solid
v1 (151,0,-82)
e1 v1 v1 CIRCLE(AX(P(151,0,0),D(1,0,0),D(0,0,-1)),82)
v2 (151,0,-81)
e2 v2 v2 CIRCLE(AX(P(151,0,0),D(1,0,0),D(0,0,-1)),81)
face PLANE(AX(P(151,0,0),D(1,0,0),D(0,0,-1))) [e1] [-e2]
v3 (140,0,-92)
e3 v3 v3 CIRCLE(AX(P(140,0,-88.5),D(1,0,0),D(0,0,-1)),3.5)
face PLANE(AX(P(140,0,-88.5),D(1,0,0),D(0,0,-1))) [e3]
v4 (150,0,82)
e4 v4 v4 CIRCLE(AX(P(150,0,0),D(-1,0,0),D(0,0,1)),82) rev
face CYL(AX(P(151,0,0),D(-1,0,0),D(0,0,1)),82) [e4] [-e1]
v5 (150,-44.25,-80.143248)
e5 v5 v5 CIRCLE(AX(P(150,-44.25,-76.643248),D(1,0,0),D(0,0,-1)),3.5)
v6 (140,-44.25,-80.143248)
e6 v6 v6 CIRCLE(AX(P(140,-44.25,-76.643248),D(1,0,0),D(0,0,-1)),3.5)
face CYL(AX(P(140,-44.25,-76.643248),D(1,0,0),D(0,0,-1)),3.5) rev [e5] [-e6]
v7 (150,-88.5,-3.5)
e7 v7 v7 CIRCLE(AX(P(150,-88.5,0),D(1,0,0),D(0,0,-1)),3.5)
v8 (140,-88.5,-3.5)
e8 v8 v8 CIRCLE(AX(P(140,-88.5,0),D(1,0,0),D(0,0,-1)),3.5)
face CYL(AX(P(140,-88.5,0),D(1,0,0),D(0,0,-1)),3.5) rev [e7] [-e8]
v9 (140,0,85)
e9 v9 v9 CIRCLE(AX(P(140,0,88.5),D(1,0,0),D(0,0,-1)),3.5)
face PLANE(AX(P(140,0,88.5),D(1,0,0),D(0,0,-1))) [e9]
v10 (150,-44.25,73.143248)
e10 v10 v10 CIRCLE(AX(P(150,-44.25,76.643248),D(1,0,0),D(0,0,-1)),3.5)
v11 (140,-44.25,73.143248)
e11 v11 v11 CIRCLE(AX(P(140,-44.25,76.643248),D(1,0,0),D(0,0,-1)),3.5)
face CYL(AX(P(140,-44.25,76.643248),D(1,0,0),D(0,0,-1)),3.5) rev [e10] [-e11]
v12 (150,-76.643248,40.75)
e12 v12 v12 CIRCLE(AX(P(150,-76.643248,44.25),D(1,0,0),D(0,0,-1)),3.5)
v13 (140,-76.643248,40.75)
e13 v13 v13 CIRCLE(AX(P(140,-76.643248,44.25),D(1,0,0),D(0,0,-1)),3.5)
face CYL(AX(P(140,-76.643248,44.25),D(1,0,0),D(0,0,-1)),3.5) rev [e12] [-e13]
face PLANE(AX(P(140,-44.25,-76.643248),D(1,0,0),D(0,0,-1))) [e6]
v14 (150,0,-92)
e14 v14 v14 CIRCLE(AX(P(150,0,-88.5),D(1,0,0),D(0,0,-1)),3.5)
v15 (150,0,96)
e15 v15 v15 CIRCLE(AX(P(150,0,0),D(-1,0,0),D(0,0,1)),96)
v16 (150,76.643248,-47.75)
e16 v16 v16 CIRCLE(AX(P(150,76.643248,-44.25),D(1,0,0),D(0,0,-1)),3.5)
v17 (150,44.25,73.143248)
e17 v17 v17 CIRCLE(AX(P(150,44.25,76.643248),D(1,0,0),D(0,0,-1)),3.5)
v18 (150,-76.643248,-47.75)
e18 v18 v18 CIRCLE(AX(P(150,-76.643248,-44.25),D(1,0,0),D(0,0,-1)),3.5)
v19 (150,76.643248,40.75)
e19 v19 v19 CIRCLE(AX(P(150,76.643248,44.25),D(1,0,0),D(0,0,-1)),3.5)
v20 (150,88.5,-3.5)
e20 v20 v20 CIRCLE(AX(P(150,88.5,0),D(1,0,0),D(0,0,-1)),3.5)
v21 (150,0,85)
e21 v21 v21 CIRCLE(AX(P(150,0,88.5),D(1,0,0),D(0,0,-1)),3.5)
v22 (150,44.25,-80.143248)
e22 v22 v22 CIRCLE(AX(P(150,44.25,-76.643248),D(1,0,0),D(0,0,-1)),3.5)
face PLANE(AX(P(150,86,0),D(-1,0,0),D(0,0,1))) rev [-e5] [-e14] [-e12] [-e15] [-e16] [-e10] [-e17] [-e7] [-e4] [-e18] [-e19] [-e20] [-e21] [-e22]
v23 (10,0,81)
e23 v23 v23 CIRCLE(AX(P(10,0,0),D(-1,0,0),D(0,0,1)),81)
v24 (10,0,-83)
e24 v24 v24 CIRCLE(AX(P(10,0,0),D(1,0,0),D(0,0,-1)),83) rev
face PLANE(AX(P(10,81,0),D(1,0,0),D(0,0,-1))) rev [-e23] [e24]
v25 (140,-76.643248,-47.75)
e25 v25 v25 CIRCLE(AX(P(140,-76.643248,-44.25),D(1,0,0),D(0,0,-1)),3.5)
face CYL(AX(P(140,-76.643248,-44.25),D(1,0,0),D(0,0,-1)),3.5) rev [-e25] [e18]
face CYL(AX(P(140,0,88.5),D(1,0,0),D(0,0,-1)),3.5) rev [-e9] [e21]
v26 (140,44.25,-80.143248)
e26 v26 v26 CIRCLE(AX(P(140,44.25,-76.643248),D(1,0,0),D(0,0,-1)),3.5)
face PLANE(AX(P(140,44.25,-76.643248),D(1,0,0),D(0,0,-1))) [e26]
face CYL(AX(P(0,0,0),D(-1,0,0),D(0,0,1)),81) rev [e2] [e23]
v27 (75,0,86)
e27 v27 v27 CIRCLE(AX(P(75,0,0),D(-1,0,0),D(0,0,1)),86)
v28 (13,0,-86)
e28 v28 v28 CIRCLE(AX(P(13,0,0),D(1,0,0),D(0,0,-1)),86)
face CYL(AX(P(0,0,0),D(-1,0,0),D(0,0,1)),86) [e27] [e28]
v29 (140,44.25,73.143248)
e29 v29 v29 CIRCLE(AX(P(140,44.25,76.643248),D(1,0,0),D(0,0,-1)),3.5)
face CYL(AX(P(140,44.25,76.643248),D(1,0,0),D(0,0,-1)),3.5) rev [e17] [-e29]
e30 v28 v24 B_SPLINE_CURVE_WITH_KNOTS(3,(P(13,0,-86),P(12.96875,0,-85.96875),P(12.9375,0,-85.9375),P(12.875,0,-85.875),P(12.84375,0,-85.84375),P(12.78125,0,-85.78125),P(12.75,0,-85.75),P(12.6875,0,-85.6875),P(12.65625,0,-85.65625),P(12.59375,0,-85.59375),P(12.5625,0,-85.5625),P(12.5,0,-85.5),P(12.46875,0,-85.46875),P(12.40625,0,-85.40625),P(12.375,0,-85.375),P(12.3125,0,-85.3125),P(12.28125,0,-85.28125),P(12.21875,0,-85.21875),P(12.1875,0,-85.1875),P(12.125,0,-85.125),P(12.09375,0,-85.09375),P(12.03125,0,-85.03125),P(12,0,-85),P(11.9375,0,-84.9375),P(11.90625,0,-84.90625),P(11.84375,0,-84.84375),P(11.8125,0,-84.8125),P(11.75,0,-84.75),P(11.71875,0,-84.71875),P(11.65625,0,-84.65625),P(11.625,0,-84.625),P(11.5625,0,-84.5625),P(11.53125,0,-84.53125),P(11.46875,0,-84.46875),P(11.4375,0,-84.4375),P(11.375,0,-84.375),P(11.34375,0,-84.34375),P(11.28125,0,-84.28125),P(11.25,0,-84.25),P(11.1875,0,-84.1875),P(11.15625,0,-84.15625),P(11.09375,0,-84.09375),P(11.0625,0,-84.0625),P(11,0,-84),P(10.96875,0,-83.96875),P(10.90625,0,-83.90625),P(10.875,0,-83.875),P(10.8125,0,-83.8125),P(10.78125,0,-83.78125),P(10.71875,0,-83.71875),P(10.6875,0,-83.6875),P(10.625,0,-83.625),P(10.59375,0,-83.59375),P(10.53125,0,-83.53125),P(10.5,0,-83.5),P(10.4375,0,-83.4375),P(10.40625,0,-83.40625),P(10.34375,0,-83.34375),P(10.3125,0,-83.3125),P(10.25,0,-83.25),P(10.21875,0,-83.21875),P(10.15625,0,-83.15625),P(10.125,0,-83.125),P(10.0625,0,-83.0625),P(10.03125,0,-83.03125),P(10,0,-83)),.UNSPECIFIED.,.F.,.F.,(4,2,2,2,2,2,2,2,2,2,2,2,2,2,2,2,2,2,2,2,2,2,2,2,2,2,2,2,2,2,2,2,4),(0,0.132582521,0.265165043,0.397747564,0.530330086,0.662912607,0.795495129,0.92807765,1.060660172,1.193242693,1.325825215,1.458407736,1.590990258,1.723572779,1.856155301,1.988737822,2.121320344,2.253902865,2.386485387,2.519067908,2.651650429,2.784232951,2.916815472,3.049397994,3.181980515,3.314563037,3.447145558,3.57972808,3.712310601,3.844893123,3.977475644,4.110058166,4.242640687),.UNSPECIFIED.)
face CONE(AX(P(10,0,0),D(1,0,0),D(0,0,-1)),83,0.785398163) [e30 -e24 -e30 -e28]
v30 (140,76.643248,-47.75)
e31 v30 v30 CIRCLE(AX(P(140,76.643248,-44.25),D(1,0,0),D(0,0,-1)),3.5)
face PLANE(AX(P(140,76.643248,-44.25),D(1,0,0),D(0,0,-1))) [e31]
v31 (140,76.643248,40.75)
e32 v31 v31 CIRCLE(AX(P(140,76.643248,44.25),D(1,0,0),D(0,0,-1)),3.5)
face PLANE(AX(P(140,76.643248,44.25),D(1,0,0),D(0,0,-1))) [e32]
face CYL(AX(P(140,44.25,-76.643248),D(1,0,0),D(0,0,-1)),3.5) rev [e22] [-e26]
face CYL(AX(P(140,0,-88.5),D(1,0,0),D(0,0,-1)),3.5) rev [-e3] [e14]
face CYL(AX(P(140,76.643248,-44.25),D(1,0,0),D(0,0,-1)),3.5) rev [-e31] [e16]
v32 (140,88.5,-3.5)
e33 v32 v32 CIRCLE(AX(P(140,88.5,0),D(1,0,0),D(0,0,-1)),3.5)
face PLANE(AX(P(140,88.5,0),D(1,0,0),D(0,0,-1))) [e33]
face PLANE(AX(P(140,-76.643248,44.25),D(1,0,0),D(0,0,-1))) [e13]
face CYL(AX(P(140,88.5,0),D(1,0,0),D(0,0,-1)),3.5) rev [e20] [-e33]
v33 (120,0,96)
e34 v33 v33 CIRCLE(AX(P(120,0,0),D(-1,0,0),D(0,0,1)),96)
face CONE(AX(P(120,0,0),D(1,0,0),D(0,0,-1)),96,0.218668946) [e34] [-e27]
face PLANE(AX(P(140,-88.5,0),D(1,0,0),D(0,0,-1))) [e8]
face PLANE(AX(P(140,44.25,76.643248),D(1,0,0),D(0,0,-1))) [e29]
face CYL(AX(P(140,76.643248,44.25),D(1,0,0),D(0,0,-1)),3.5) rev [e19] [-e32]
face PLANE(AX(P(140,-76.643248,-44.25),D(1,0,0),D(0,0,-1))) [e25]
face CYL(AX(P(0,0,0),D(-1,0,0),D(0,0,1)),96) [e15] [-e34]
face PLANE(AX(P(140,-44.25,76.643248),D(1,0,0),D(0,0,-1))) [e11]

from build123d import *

# Parameters (mm, degrees)
CHAMFER_2_SIZE      = 3
SKETCH_4_R          = 3.5
CUT_EXTRUDE_1_DEPTH = 10
SKETCH_5_R          = 82
SKETCH_5_R_2        = 81
EXTRUDE_1_DEPTH     = 1


with BuildPart() as part:
    # 草图2 → 旋转1 (revolve)
    with BuildSketch(Plane.XY, mode=Mode.PRIVATE) as revolve_1_sk:
        Polygon((10, 81), (150, 81), (150, 86), (150, 96), (120, 96), (75, 86), (10, 86), align=None)
    revolve(revolve_1_sk.sketch.rotate(Axis((0, 0, 0), (1, 0, 0)), 90), axis=Axis((0, 0, 0), (1, 0, 0)))

    # 倒角2
    chamfer_2_edges = [part.edges().sort_by_distance(p)[0] for p in [
        (10, 0, -86),
    ]]
    chamfer(chamfer_2_edges, length=CHAMFER_2_SIZE)

    # 草图4 → 切除-拉伸1 (cut)
    with BuildSketch(Plane(origin=(150, 0, 0), x_dir=(0, 0, -1), z_dir=(1, 0, 0))):
        with Locations((44.25, 76.643248235)):
            Circle(SKETCH_4_R)
        with Locations((0, 88.5)):
            Circle(SKETCH_4_R)
        with Locations((76.643248235, 44.25)):
            Circle(SKETCH_4_R)
        with Locations((88.5, 0)):
            Circle(SKETCH_4_R)
        with Locations((76.643248235, -44.25)):
            Circle(SKETCH_4_R)
        with Locations((44.25, -76.643248235)):
            Circle(SKETCH_4_R)
        with Locations((0, -88.5)):
            Circle(SKETCH_4_R)
        with Locations((-44.25, -76.643248235)):
            Circle(SKETCH_4_R)
        with Locations((-76.643248235, -44.25)):
            Circle(SKETCH_4_R)
        with Locations((-88.5, 0)):
            Circle(SKETCH_4_R)
        with Locations((-76.643248235, 44.25)):
            Circle(SKETCH_4_R)
        with Locations((-44.25, 76.643248235)):
            Circle(SKETCH_4_R)
    extrude(amount=-CUT_EXTRUDE_1_DEPTH, mode=Mode.SUBTRACT)

    # 草图5 → 凸台-拉伸1 (add)
    with BuildSketch(Plane(origin=(150, 0, 0), x_dir=(0, 0, -1), z_dir=(1, 0, 0))):
        with Locations(Location((0, 0, 0), (0, 0, 180))):
            Circle(SKETCH_5_R)
        with Locations(Location((0, 0, 0), (0, 0, 180))):
            Circle(SKETCH_5_R_2, mode=Mode.SUBTRACT)
    extrude(amount=EXTRUDE_1_DEPTH)


solid = part.part
